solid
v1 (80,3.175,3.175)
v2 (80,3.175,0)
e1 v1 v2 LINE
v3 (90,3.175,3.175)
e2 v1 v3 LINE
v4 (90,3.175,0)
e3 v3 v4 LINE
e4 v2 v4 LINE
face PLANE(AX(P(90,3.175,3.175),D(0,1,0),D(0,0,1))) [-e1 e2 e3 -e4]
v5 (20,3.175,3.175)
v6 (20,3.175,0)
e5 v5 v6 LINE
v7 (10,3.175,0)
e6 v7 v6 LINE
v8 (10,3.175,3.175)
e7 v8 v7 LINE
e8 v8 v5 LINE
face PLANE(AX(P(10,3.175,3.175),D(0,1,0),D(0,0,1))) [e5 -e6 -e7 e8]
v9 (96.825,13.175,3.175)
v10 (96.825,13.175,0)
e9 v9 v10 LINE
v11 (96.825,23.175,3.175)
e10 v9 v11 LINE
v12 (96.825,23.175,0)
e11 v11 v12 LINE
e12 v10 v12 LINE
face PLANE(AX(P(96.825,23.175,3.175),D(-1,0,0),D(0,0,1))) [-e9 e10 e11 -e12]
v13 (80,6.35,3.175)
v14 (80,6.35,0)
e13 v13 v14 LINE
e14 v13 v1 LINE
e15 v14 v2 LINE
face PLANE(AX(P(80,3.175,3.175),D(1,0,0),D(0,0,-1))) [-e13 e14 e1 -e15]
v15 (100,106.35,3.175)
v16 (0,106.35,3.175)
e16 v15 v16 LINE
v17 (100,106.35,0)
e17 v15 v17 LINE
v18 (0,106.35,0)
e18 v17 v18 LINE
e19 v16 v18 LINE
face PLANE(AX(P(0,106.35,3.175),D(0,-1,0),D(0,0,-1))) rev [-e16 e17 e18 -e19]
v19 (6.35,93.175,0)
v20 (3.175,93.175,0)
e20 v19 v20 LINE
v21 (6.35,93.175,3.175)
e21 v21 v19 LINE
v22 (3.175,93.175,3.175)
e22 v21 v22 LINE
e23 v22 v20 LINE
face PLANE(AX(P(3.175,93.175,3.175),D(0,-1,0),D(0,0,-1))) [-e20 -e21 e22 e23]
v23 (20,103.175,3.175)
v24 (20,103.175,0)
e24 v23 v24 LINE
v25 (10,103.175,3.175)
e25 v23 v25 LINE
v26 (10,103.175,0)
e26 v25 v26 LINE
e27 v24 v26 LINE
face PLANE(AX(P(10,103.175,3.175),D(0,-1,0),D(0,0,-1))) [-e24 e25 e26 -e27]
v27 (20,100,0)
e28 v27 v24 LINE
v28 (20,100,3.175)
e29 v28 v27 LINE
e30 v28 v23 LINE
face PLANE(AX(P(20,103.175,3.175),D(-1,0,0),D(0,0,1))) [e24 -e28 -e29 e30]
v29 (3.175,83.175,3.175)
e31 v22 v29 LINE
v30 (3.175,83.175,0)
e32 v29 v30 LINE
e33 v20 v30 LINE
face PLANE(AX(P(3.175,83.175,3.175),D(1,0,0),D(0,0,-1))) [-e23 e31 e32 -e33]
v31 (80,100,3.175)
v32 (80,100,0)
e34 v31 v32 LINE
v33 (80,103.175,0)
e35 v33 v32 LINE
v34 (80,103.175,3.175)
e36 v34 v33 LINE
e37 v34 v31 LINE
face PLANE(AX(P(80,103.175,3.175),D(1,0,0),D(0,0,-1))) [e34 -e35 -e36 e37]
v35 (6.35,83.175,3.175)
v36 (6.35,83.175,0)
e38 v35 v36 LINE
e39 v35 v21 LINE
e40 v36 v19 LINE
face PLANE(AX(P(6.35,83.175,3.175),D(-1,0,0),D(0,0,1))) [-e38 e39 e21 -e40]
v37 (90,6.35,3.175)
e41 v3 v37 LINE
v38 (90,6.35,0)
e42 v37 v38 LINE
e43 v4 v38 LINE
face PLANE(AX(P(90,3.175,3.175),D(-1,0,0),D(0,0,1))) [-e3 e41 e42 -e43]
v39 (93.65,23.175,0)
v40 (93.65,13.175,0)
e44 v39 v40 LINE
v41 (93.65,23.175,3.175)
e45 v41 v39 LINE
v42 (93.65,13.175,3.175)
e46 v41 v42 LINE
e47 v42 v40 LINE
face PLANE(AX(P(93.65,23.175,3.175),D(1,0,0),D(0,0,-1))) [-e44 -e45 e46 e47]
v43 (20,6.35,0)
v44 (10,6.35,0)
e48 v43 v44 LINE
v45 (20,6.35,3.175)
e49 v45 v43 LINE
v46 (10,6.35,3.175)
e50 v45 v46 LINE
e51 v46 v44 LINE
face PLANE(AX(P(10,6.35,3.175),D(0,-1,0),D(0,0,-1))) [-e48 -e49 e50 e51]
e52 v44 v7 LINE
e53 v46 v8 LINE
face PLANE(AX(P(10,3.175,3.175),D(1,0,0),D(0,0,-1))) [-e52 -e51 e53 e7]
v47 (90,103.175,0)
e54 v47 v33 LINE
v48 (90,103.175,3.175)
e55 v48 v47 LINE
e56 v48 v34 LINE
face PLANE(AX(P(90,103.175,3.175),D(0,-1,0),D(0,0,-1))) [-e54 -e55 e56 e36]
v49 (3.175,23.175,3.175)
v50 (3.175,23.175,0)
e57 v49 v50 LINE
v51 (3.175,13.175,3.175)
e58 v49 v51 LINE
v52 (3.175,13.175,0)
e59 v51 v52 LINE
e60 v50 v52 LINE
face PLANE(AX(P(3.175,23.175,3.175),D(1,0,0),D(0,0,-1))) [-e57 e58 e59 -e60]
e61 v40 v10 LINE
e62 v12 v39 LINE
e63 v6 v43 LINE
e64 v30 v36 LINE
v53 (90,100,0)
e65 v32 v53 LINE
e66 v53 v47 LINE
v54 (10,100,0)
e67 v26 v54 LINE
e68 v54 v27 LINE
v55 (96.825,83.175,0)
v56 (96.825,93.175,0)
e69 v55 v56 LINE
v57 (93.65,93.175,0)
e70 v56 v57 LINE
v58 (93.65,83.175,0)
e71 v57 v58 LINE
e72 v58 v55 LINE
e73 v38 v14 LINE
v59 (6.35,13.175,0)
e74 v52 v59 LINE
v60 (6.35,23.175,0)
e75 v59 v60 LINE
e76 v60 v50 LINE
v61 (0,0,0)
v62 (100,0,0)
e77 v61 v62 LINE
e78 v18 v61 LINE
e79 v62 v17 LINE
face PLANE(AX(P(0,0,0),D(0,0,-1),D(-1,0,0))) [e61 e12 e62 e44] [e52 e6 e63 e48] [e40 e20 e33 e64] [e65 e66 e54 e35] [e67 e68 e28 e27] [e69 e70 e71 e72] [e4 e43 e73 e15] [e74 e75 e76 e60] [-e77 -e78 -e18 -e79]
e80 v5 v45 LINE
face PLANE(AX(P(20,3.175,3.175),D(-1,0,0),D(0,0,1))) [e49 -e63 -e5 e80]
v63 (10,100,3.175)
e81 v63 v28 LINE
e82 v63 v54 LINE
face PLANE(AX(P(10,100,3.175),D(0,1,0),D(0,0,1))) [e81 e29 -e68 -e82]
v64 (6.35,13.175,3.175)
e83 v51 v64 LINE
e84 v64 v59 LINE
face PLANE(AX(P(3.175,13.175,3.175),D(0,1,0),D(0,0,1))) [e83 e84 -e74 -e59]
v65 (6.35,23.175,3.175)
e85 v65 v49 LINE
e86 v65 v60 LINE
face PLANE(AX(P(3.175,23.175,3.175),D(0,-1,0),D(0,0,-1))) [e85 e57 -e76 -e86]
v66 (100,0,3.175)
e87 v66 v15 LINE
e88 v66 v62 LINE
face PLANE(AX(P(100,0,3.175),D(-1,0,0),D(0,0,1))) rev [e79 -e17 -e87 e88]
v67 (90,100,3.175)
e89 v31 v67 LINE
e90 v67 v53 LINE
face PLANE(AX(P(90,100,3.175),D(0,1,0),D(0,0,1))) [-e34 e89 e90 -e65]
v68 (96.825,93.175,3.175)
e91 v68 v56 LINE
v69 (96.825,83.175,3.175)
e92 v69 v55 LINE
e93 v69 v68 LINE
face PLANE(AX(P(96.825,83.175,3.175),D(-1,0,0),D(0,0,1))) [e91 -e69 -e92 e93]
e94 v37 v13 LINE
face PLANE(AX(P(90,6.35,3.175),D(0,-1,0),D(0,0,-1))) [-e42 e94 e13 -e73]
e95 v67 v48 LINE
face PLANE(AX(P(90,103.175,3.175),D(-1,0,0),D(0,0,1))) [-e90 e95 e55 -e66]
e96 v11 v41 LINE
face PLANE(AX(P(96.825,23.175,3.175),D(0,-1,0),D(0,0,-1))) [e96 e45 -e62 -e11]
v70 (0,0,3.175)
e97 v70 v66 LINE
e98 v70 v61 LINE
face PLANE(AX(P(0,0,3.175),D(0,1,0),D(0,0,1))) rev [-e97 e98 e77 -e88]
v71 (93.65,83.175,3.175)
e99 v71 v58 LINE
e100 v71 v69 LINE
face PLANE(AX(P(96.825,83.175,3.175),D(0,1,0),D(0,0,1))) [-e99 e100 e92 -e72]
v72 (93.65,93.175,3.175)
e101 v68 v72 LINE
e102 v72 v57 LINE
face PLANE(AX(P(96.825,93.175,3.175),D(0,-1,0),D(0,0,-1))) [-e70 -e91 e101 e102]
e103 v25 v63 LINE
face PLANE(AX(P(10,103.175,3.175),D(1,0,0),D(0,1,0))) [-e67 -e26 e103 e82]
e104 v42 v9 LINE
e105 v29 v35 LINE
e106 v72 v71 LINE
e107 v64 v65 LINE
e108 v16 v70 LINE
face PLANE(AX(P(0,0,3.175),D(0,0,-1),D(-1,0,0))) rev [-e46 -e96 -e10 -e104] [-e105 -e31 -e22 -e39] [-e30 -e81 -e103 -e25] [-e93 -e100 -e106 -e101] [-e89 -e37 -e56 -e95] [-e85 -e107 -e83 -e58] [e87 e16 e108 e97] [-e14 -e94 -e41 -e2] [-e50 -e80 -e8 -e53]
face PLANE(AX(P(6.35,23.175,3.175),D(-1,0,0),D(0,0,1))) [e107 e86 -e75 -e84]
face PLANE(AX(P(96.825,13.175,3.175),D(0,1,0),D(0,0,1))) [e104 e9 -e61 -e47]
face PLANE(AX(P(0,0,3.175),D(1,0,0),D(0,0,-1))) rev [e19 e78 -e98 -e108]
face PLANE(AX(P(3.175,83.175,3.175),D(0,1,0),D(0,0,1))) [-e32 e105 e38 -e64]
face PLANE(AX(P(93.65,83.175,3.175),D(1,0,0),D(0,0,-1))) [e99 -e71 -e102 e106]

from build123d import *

# Parameters (mm, degrees)
SKETCH1_W           = 100
SKETCH1_H           = 106.35
SKETCH1_W_2         = 3.175
SKETCH1_H_2         = 10
SKETCH1_W_3         = 10
SKETCH1_H_3         = 3.175
BOSS_EXTRUDE1_DEPTH = 3.175


with BuildPart() as part:
    # Sketch1 → Boss-Extrude1 (new body)
    with BuildSketch(Plane.XY):
        with Locations((50, 53.175)):
            Rectangle(SKETCH1_W, SKETCH1_H)
        with Locations((4.7625, 88.175)):
            Rectangle(SKETCH1_W_2, SKETCH1_H_2, mode=Mode.SUBTRACT)
        with Locations((15, 101.5875)):
            Rectangle(SKETCH1_W_3, SKETCH1_H_3, mode=Mode.SUBTRACT)
        with Locations((85, 101.5875)):
            Rectangle(SKETCH1_W_3, SKETCH1_H_3, mode=Mode.SUBTRACT)
        with Locations((95.2375, 88.175)):
            Rectangle(SKETCH1_W_2, SKETCH1_H_2, mode=Mode.SUBTRACT)
        with Locations((95.2375, 18.175)):
            Rectangle(SKETCH1_W_2, SKETCH1_H_2, mode=Mode.SUBTRACT)
        with Locations((85, 4.7625)):
            Rectangle(SKETCH1_W_3, SKETCH1_H_3, mode=Mode.SUBTRACT)
        with Locations((15, 4.7625)):
            Rectangle(SKETCH1_W_3, SKETCH1_H_3, mode=Mode.SUBTRACT)
        with Locations((4.7625, 18.175)):
            Rectangle(SKETCH1_W_2, SKETCH1_H_2, mode=Mode.SUBTRACT)
    extrude(amount=BOSS_EXTRUDE1_DEPTH)


solid = part.part
